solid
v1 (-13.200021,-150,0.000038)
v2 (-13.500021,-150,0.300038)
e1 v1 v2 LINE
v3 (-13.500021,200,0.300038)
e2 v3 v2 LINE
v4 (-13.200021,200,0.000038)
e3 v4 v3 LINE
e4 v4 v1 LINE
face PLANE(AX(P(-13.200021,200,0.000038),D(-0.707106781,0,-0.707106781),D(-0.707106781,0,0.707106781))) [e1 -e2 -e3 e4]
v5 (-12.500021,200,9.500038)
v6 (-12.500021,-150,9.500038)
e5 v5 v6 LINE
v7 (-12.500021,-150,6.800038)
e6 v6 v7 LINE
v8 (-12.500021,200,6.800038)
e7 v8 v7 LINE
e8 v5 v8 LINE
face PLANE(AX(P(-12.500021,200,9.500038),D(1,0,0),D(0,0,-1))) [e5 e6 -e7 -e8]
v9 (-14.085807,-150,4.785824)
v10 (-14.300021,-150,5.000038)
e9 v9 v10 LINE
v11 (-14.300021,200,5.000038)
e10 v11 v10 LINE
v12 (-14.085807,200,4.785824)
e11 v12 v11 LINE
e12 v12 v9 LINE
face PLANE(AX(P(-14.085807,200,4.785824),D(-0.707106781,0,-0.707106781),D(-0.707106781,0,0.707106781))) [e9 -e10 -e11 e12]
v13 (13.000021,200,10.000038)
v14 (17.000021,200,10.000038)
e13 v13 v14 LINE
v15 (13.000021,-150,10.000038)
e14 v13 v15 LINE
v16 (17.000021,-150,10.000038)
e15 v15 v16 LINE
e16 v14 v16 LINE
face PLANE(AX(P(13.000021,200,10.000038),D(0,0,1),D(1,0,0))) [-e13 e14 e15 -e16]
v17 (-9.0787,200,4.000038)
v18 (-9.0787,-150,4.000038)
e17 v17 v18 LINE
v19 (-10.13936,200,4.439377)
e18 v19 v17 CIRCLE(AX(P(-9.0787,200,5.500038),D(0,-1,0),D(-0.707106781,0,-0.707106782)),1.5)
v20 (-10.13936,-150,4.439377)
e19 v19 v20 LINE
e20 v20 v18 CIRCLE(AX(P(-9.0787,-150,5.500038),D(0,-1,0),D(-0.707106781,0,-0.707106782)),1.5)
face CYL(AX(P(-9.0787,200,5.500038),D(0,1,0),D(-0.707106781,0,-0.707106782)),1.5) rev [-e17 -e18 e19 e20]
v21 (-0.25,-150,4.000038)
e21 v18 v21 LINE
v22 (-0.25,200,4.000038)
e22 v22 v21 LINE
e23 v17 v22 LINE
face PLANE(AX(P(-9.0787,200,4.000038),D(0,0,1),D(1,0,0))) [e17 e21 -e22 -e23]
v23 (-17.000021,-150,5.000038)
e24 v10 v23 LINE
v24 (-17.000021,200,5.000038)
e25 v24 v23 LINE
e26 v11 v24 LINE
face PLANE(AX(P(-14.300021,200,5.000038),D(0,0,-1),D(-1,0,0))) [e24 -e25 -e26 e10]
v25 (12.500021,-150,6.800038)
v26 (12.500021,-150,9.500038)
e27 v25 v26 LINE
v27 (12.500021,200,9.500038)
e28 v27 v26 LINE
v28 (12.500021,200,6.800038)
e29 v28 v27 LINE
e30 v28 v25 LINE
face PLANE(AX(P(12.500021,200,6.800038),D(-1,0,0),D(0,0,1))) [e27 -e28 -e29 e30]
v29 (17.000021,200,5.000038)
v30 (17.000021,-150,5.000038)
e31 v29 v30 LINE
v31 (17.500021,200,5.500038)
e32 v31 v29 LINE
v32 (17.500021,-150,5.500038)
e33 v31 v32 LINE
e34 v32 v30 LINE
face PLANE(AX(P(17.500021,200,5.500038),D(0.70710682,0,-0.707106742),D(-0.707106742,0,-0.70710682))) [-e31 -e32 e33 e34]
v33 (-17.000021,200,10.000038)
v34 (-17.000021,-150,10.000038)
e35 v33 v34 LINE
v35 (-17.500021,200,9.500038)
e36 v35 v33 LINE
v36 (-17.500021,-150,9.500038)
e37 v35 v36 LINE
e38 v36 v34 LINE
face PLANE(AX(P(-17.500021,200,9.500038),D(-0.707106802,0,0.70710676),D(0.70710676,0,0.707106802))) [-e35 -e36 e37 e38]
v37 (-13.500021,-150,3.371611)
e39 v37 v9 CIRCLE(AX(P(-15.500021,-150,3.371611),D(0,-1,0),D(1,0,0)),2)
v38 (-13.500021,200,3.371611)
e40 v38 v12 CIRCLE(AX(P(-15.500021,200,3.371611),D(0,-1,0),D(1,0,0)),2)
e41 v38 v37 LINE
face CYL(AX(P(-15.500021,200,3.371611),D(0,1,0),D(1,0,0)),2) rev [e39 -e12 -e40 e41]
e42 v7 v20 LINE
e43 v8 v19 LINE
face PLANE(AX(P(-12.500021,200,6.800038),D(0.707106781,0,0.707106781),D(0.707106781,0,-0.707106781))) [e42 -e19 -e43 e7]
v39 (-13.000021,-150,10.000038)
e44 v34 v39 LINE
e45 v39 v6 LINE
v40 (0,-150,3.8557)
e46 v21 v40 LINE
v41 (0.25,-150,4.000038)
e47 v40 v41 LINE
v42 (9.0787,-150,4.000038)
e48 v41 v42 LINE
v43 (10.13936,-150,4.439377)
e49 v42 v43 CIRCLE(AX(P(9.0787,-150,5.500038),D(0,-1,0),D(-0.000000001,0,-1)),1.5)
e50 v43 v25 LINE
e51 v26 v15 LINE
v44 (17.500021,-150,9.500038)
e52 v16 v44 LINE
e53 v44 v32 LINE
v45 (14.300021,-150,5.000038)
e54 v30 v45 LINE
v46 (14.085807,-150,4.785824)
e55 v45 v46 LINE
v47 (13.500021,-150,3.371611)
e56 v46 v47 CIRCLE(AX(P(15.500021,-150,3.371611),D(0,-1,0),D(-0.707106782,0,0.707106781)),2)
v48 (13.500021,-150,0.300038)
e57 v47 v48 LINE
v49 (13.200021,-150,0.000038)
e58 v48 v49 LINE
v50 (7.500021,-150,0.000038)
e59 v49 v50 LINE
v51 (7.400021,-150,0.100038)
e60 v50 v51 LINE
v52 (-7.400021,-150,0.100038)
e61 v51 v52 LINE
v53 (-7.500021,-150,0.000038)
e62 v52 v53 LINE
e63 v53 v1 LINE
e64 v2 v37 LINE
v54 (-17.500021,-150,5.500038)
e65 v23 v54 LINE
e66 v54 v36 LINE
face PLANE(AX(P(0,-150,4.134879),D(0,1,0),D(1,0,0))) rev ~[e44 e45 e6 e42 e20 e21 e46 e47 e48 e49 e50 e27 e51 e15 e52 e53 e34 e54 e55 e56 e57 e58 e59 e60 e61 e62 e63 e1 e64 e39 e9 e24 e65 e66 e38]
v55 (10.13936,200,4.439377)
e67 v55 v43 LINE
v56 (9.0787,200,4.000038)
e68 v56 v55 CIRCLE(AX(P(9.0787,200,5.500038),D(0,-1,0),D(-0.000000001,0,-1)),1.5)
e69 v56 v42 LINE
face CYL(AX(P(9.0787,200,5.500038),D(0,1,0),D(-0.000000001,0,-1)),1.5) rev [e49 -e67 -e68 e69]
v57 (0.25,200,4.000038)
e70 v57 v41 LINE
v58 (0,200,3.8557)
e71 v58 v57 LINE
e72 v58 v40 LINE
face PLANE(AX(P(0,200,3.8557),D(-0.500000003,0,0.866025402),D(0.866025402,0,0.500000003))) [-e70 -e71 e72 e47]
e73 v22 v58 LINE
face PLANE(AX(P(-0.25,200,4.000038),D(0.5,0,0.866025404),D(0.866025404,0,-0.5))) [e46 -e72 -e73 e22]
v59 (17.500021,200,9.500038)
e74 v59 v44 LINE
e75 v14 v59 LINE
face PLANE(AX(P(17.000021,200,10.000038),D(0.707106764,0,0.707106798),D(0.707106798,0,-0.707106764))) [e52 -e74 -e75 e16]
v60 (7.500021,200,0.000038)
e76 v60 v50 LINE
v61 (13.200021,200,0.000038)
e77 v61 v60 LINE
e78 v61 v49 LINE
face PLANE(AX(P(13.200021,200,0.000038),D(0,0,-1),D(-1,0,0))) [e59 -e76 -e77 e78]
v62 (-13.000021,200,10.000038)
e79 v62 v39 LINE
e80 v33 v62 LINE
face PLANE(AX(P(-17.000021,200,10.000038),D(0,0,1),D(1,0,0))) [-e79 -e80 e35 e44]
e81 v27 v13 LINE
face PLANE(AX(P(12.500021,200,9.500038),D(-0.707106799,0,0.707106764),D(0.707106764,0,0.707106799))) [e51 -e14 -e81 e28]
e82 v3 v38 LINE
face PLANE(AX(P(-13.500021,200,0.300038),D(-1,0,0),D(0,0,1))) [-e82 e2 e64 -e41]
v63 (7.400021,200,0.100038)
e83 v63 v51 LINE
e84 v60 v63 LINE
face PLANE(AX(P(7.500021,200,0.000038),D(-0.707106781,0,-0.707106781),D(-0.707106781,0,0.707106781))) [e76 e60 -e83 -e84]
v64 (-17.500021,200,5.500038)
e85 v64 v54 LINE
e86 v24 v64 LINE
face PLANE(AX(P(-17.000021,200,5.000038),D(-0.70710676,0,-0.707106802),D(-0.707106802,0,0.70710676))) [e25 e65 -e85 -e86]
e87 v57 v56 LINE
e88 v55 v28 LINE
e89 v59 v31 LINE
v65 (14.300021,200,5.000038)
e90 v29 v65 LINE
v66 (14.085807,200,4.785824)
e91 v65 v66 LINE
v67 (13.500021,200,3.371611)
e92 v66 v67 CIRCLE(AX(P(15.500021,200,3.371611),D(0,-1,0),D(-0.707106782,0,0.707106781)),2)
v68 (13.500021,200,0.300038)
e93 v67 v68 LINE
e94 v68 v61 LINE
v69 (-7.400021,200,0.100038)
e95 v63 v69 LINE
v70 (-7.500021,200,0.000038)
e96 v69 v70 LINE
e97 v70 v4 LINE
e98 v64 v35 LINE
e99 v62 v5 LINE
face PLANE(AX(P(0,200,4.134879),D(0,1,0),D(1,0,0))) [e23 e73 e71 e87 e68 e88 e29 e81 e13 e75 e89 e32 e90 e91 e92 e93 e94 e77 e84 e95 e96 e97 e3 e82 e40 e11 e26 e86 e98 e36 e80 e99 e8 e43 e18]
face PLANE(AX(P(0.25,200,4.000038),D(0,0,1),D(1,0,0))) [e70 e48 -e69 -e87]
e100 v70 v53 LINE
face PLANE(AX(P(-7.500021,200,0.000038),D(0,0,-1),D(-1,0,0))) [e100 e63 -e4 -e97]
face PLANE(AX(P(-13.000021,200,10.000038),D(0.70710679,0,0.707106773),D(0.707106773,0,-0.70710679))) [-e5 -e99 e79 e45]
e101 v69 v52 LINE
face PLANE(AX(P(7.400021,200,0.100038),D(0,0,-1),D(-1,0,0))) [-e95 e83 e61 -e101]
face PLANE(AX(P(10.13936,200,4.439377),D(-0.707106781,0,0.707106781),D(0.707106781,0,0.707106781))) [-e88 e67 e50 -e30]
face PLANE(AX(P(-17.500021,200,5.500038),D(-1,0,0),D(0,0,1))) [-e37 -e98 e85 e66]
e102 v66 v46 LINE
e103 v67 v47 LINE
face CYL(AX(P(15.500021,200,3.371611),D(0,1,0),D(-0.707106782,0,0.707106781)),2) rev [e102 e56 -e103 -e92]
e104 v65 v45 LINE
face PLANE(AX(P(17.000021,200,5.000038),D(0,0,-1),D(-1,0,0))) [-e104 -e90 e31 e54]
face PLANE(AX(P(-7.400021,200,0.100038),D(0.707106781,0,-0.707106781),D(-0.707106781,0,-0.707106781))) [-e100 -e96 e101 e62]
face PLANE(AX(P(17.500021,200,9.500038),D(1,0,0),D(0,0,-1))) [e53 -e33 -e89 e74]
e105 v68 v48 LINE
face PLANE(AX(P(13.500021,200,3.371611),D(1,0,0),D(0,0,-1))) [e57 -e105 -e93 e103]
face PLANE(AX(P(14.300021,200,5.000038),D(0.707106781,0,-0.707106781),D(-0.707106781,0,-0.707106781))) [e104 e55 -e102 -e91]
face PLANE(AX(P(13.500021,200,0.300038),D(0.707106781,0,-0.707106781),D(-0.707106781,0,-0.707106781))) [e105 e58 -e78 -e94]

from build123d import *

# Parameters (mm, degrees)
BOSS_EXTRUDE1_DEPTH = 350


with BuildPart() as part:
    # Sketch1 → Boss-Extrude1 (new body)
    with BuildSketch(Plane(origin=(0, 200, 0), x_dir=(1, 0, 0), z_dir=(0, 1, 0))):
        with BuildLine():
            Line((1e-09, -3.855700002), (0.25, -4.00003757))
            Line((0.25, -4.00003757), (9.078700232, -4.00003757))
            ThreePointArc((9.078700232, -4.00003757), (9.652725366, -4.114218268), (10.139360377, -4.439377387))
            Line((10.139360377, -4.439377387), (12.500020747, -6.800037757))
            Line((12.500020747, -6.800037757), (12.500020747, -9.500037757))
            Line((12.500020747, -9.500037757), (13.00002072, -10.000037755))
            Line((13.00002072, -10.000037755), (17.00002072, -10.000037755))
            Line((17.00002072, -10.000037755), (17.500020747, -9.500037752))
            Line((17.500020747, -9.500037752), (17.500020747, -5.500037752))
            Line((17.500020747, -5.500037752), (17.00002075, -5.0000377))
            Line((17.00002075, -5.0000377), (14.30002072, -5.0000377))
            Line((14.30002072, -5.0000377), (14.085807141, -4.785824121))
            ThreePointArc((14.085807141, -4.785824121), (13.652261651, -4.136977442), (13.50002072, -3.371610598))
            Line((13.50002072, -3.371610598), (13.50002072, -0.30003757))
            Line((13.50002072, -0.30003757), (13.20002072, -3.757e-05))
            Line((13.20002072, -3.757e-05), (7.50002072, -3.757e-05))
            Line((7.50002072, -3.757e-05), (7.40002072, -0.10003757))
            Line((7.40002072, -0.10003757), (-7.40002072, -0.10003757))
            Line((-7.40002072, -0.10003757), (-7.50002072, -3.757e-05))
            Line((-7.50002072, -3.757e-05), (-13.20002072, -3.757e-05))
            Line((-13.20002072, -3.757e-05), (-13.50002072, -0.30003757))
            Line((-13.50002072, -0.30003757), (-13.50002072, -3.371610628))
            ThreePointArc((-13.50002072, -3.371610628), (-13.652261651, -4.136977472), (-14.085807141, -4.785824151))
            Line((-14.085807141, -4.785824151), (-14.30002069, -5.0000377))
            Line((-14.30002069, -5.0000377), (-17.00002072, -5.0000377))
            Line((-17.00002072, -5.0000377), (-17.50002072, -5.50003767))
            Line((-17.50002072, -5.50003767), (-17.50002072, -9.50003767))
            Line((-17.50002072, -9.50003767), (-17.000020665, -10.000037755))
            Line((-17.000020665, -10.000037755), (-13.00002072, -10.000037755))
            Line((-13.00002072, -10.000037755), (-12.500020741, -9.500037764))
            Line((-12.500020741, -9.500037764), (-12.500020741, -6.800037764))
            Line((-12.500020741, -6.800037764), (-10.139360364, -4.439377387))
            ThreePointArc((-10.139360364, -4.439377387), (-9.652725352, -4.114218268), (-9.078700218, -4.00003757))
            Line((-9.078700218, -4.00003757), (-0.25, -4.00003757))
            Line((-0.25, -4.00003757), (1e-09, -3.855700002))
        make_face()
    extrude(amount=-BOSS_EXTRUDE1_DEPTH)


solid = part.part
